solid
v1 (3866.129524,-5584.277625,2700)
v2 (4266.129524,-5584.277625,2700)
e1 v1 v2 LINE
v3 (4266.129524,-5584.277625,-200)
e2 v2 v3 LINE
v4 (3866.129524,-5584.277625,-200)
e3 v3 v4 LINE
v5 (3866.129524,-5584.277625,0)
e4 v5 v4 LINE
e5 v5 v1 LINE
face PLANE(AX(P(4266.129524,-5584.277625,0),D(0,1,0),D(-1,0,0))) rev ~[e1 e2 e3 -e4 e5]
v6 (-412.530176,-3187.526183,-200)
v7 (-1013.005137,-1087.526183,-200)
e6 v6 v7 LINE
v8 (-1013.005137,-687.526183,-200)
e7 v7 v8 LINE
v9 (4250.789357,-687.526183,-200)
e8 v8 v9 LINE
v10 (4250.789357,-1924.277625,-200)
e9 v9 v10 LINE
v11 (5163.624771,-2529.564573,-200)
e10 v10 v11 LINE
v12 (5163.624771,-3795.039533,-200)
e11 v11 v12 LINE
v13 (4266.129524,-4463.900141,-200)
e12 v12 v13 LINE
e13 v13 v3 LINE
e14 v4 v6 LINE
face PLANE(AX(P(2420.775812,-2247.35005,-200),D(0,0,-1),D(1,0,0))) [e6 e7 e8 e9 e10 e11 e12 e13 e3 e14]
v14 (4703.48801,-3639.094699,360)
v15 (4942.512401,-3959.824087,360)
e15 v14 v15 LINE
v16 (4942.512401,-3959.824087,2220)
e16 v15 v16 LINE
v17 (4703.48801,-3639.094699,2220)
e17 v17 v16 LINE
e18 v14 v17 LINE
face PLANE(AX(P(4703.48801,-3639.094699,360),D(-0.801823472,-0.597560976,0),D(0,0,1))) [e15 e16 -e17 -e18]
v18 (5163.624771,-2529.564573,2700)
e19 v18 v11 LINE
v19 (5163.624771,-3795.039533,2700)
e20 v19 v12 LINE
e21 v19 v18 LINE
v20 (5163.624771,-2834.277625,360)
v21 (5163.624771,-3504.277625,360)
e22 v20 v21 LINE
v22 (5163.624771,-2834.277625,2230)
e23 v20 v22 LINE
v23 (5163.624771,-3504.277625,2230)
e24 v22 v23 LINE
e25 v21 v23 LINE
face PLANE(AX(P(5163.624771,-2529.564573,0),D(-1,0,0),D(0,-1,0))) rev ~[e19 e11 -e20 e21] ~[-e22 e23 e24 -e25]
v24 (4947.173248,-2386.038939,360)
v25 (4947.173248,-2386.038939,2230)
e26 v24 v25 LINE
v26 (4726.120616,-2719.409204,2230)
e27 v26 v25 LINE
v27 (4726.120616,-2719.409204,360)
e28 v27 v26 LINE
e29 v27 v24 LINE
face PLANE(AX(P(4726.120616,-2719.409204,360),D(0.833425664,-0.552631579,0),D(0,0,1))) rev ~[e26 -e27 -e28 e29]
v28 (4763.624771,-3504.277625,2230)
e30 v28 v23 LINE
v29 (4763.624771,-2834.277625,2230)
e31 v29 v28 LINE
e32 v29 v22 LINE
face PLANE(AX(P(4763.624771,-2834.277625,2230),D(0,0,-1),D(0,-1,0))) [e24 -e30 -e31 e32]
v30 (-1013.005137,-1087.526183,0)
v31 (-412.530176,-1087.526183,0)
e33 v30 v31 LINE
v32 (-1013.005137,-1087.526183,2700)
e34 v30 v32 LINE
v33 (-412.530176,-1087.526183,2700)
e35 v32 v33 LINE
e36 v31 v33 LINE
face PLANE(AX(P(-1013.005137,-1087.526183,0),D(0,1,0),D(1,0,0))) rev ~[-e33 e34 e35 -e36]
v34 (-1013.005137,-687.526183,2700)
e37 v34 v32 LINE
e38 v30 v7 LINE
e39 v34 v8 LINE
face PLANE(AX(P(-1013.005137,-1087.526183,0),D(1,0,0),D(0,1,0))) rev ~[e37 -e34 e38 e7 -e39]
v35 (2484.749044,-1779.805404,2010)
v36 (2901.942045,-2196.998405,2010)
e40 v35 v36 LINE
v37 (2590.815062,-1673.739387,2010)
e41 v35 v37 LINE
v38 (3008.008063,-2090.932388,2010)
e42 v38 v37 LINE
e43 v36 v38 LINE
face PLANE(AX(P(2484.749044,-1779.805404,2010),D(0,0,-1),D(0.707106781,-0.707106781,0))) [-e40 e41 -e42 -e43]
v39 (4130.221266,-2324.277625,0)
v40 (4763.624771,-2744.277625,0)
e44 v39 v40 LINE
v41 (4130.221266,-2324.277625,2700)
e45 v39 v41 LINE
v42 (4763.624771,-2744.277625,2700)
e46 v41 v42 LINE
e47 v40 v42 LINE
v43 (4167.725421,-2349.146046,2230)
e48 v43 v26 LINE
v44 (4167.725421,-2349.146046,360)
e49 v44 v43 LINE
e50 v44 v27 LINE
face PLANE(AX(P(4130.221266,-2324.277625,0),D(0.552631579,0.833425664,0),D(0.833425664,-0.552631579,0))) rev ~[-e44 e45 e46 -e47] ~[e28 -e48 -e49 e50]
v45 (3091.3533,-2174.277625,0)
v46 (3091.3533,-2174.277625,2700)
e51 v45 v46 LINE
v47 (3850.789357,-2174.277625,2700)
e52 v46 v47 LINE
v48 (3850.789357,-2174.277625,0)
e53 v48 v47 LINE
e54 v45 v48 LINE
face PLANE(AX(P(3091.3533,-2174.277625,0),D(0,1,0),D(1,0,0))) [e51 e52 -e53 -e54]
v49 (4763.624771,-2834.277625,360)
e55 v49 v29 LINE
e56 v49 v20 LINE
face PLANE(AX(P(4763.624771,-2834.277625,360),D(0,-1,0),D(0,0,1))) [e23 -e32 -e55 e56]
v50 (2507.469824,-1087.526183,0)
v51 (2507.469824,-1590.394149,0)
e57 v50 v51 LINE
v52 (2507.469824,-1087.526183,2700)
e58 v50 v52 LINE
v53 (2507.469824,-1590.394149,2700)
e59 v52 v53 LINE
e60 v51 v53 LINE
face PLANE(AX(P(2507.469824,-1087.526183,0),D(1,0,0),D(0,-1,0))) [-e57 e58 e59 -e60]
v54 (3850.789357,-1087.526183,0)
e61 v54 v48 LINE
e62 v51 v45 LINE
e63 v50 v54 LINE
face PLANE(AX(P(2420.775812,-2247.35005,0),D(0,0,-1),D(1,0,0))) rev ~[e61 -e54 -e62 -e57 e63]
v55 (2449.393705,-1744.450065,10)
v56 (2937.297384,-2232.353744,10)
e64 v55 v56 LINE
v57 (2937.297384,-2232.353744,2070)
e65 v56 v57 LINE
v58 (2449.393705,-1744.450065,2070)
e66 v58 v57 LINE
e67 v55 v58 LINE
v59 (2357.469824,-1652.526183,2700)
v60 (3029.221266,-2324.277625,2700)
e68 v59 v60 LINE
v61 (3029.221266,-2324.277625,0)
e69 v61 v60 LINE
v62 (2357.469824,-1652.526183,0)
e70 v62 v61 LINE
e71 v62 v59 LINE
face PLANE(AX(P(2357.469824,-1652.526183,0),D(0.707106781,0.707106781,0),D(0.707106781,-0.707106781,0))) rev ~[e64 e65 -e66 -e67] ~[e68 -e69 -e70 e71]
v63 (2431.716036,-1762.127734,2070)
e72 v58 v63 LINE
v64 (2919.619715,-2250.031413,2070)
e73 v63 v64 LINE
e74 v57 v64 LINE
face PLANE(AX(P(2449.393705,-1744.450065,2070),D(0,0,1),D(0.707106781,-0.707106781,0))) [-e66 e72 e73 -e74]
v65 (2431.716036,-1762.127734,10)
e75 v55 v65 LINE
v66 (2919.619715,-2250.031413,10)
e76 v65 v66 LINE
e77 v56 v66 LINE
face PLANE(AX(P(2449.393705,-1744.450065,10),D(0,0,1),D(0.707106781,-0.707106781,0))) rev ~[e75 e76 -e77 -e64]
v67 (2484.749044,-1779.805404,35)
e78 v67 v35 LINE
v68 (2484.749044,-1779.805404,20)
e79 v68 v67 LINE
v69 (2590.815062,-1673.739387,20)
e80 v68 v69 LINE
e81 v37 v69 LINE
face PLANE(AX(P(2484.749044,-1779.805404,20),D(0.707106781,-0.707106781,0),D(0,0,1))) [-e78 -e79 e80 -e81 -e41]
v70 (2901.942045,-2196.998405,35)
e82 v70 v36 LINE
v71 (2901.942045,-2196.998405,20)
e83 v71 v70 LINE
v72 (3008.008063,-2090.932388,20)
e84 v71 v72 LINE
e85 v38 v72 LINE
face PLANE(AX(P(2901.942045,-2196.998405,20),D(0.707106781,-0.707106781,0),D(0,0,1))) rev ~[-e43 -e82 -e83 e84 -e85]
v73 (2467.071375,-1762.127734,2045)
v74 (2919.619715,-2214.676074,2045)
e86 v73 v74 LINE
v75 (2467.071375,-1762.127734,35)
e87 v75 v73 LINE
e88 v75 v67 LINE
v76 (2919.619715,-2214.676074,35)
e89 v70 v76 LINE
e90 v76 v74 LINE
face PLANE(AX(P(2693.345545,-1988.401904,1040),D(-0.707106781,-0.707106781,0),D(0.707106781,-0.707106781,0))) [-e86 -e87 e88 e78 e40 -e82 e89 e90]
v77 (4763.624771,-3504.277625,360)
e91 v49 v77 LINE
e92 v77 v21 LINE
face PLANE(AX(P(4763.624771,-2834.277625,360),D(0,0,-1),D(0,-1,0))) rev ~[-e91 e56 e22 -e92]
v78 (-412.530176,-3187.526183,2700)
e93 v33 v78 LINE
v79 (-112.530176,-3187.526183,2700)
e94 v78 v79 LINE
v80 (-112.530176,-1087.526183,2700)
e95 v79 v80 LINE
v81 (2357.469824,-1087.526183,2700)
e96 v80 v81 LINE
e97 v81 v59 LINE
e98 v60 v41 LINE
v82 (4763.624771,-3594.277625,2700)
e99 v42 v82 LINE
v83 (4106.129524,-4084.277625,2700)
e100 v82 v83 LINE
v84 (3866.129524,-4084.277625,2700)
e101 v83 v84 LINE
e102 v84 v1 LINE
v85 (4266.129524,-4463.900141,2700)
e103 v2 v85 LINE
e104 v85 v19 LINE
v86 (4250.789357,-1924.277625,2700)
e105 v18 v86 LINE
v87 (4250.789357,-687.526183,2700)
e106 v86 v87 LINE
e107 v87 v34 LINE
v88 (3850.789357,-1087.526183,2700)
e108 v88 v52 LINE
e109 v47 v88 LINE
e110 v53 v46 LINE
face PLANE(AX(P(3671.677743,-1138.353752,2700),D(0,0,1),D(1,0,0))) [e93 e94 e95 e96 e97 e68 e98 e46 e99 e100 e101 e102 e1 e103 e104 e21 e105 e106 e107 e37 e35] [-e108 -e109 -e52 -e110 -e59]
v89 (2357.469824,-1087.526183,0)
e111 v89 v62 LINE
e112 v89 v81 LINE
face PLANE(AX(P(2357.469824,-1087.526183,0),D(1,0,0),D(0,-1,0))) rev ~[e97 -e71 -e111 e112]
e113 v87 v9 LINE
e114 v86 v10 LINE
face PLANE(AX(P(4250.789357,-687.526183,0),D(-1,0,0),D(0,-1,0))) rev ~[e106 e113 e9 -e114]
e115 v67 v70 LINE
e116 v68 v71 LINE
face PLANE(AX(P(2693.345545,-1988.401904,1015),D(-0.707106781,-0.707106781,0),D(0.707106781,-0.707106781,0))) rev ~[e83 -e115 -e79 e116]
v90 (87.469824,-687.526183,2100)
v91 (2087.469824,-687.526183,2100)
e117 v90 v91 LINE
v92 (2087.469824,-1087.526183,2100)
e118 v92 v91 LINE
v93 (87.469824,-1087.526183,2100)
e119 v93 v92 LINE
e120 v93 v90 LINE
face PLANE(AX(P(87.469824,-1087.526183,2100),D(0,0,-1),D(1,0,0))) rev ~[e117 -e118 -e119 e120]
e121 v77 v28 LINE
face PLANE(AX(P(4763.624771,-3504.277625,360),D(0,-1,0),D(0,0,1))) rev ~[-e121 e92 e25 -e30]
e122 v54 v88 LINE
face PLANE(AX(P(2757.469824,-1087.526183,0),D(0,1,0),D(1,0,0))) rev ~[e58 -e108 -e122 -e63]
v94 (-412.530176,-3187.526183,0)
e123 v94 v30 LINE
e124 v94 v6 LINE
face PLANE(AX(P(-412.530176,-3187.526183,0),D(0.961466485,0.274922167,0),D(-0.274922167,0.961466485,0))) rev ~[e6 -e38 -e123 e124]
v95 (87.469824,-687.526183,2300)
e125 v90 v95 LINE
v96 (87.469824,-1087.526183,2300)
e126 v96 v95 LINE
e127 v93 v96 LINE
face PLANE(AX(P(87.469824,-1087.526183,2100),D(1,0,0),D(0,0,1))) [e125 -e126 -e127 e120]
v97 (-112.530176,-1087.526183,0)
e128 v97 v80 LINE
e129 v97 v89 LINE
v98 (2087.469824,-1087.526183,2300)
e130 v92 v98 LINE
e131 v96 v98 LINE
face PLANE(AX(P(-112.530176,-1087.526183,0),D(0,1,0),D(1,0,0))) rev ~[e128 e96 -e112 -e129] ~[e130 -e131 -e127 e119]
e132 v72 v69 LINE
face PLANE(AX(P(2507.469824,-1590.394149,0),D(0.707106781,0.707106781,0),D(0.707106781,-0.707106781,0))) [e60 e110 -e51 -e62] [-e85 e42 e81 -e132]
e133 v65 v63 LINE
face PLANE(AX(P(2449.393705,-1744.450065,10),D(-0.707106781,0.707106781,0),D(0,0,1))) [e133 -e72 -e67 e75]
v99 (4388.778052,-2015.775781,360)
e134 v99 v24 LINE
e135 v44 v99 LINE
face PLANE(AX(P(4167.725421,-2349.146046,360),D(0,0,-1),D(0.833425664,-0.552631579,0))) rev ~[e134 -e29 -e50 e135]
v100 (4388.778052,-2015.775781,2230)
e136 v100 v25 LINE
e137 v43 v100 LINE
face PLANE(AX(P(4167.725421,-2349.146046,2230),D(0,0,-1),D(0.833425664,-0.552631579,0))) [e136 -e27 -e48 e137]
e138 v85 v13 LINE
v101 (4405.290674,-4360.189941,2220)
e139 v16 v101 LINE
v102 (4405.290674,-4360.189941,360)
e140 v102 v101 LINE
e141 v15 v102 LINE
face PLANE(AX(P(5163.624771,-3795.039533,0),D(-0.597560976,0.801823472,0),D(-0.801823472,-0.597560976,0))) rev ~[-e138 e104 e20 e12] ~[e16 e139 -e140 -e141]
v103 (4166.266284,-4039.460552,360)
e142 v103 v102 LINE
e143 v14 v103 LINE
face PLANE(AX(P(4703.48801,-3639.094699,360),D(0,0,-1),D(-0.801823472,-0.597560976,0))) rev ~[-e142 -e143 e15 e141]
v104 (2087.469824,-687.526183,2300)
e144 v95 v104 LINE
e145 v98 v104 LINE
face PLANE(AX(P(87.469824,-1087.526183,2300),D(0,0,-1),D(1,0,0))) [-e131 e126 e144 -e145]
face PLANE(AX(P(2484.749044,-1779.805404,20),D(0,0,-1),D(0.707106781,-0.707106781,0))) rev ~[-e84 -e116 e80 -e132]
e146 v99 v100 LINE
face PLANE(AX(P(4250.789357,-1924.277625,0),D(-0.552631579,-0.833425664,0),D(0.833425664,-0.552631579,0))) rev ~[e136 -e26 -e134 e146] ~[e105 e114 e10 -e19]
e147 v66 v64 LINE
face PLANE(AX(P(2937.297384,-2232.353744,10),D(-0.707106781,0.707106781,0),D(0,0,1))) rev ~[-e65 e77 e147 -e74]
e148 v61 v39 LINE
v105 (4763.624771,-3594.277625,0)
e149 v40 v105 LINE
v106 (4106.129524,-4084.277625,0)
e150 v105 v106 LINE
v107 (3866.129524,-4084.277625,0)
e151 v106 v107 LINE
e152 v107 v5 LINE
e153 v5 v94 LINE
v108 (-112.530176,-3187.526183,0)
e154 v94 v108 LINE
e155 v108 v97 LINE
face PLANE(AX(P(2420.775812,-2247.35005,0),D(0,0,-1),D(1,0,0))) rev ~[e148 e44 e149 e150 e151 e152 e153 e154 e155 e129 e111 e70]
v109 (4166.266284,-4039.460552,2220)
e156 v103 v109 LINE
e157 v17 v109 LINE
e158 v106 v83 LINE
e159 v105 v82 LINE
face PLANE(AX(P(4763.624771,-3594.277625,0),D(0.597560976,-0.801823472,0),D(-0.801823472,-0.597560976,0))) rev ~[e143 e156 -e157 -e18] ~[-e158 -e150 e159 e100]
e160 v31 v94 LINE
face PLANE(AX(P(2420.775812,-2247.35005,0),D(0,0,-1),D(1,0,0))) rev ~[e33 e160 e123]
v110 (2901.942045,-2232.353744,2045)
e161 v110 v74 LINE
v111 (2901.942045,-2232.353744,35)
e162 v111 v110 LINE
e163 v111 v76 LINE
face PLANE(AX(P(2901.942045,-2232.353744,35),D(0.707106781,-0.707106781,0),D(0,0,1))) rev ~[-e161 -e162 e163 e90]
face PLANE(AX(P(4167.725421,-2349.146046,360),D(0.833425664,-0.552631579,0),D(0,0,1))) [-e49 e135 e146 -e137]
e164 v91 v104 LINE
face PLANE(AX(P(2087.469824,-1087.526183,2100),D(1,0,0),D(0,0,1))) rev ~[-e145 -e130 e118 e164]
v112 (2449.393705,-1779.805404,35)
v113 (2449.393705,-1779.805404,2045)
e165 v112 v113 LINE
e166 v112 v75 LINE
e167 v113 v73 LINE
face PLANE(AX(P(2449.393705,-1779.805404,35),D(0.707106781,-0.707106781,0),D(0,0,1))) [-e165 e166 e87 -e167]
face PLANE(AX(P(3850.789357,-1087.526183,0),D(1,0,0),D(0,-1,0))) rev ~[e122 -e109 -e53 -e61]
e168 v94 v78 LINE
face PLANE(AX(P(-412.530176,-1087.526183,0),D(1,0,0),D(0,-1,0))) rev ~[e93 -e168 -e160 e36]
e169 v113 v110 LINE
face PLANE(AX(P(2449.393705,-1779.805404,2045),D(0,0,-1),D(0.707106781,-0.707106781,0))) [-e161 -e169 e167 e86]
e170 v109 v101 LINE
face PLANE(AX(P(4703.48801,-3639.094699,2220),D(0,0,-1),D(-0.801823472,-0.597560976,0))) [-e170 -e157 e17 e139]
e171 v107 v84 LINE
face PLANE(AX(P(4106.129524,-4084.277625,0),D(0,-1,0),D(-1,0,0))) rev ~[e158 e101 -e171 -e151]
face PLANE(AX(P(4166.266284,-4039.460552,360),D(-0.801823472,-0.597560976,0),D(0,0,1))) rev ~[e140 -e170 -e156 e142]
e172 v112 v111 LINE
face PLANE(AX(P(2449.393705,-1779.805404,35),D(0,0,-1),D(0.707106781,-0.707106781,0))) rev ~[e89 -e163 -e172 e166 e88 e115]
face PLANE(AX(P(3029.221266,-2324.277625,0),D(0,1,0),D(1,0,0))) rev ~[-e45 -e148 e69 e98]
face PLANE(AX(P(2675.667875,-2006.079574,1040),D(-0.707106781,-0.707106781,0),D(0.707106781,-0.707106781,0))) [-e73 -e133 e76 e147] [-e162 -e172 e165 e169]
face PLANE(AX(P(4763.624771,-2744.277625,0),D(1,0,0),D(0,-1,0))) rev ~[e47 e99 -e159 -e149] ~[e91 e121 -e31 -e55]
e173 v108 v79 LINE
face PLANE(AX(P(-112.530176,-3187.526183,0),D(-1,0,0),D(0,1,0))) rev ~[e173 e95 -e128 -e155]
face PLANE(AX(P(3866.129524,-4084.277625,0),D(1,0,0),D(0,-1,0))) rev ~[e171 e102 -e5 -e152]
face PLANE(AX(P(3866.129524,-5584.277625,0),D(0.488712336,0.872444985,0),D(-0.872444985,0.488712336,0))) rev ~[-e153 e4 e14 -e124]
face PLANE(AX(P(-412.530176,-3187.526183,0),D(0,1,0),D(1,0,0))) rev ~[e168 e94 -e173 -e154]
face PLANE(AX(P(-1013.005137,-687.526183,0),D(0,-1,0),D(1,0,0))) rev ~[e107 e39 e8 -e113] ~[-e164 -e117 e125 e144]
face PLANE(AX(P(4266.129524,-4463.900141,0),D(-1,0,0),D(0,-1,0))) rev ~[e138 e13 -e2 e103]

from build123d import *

# Parameters (mm, degrees)
F1_DEPTH  = 2700
F3_DEPTH  = 2700
F5_DEPTH  = 2700
F7_DEPTH  = 200
F8_W      = 690
F8_H      = 2060
F9_DEPTH  = 25
F10_W     = 670
F10_H     = 1870
F11_DEPTH = 500
F12_W     = 670
F12_H     = 1870
F13_DEPTH = 500
F14_W     = 670
F14_H     = 1860
F15_DEPTH = 500
F16_W     = 2000
F16_H     = 200
F17_DEPTH = 500
F19_W     = 590
F19_H     = 1990
F20_DEPTH = 300
F21_W     = 640
F21_H     = 2010
F22_DEPTH = 25


with BuildPart() as f1:
    # F0 (on Top) → F1 (new body)
    with BuildSketch(Plane.XY):
        Polygon((-112.5301761598, -3187.5261832562), (-112.5301761598, -1087.5261832562), (2357.4698238402, -1087.5261832562), (2357.4698238402, -1652.5261832562), (3029.2212659674, -2324.2776253835), (4130.2212659674, -2324.2776253835), (4763.624770852, -2744.2776253835), (4763.624770852, -3594.2776253835), (4106.1295237209, -4084.2776253835), (3866.1295237209, -4084.2776253835), (3866.1295237209, -5584.2776253835), (4266.1295237209, -5584.2776253835), (4266.1295237209, -4463.9001414231), (5163.624770852, -3795.0395329044), (5163.624770852, -2529.5645728802), (4250.7893565536, -1924.2776253835), (3194.9066909167, -1924.2776253835), (2757.4698238402, -1486.840758307), (2757.4698238402, -687.5261832562), (-114.0150137984, -687.5261832562), (-1013.0051374435, -687.5261832562), (-1013.0051374435, -1087.5261832562), (-412.5301761598, -1087.5261832562), (-412.5301761598, -3187.5261832562), align=None)
    extrude(amount=F1_DEPTH)

    # F2 (on Top) → F3 (join)
    with BuildSketch(Plane.XY):
        Polygon((3850.7893565536, -1087.5261832562), (3850.7893565536, -1924.2776253835), (4250.7893565536, -1924.2776253835), (4250.7893565536, -687.5261832562), (2757.4698238402, -687.5261832562), (2757.4698238402, -1087.5261832562), align=None)
    extrude(amount=F3_DEPTH)

    # F4 (on Top) → F5 (cut)
    with BuildSketch(Plane.XY):
        Polygon((2757.4698238402, -1486.840758307), (2757.4698238402, -1087.5261832562), (2507.4698238402, -1087.5261832562), (2507.4698238402, -1590.3941489003), (3091.3533003234, -2174.2776253835), (3850.7893565536, -2174.2776253835), (3850.7893565536, -1924.2776253835), (3194.9066909167, -1924.2776253835), align=None)
    extrude(amount=F5_DEPTH, mode=Mode.SUBTRACT)

    # F6 (on face) → F7 (join)
    with BuildSketch(Plane(origin=(0, 0, 0), x_dir=(1, 0, 0), z_dir=(0, 0, -1))):
        Polygon((-1013.0051374435, 1087.5261832562), (-1013.0051374435, 687.5261832562), (4250.7893565536, 687.5261832562), (4250.7893565536, 1924.2776253835), (5163.624770852, 2529.5645728802), (5163.624770852, 3795.0395329044), (4266.1295237209, 4463.9001414231), (4266.1295237209, 5584.2776253835), (3866.1295237209, 5584.2776253835), (3866.1295237209, 4084.2776253835), (4106.1295237209, 4084.2776253835), (4763.624770852, 3594.2776253835), (4763.624770852, 2744.2776253835), (4130.2212659674, 2324.2776253835), (3029.2212659674, 2324.2776253835), (2357.4698238402, 1652.5261832562), (2357.4698238402, 1087.5261832562), (-112.5301761598, 1087.5261832562), (-112.5301761598, 3187.5261832562), (-412.5301761598, 3187.5261832562), (-412.5301761598, 1087.5261832562), align=None)
        Polygon((3850.7893565536, 2174.2776253835), (3850.7893565536, 1087.5261832562), (2507.4698238402, 1087.5261832562), (2507.4698238402, 1590.3941489003), (3091.3533003234, 2174.2776253835), align=None, mode=Mode.SUBTRACT)
        Polygon((-412.5301761598, 3187.5261832562), (-1013.0051374435, 1087.5261832562), (-412.5301761598, 1087.5261832562), align=None)
        Polygon((3866.1295237209, 5584.2776253835), (-412.5301761598, 3187.5261832562), (-112.5301761598, 3187.5261832562), (-112.5301761598, 1087.5261832562), (2357.4698238402, 1087.5261832562), (2357.4698238402, 1652.5261832562), (3029.2212659674, 2324.2776253835), (4130.2212659674, 2324.2776253835), (4763.624770852, 2744.2776253835), (4763.624770852, 3594.2776253835), (4106.1295237209, 4084.2776253835), (3866.1295237209, 4084.2776253835), align=None)
        Polygon((2507.4698238402, 1087.5261832562), (3850.7893565536, 1087.5261832562), (3850.7893565536, 2174.2776253835), (3091.3533003234, 2174.2776253835), (2507.4698238402, 1590.3941489003), align=None)
    extrude(amount=F7_DEPTH)

    # F8 (on face) → F9 (join)
    with BuildSketch(Plane(origin=(352.471820292, 352.471820292, 0), x_dir=(0.7071067812, -0.7071067812, 0), z_dir=(-0.7071067812, -0.7071067812, 0))):
        with Locations((3310.4953691489, 1040)):
            Rectangle(F8_W, F8_H)
    extrude(amount=F9_DEPTH)

    # F10 (on face) → F11 (cut)
    with BuildSketch(Plane(origin=(190.8668312583, 287.8469521076, 0), x_dir=(0.8334256643, -0.5526315789, 0), z_dir=(-0.5526315789, -0.8334256643, 0))):
        with Locations((5106.7016164124, 1295)):
            Rectangle(F10_W, F10_H)
    extrude(amount=-F11_DEPTH, mode=Mode.SUBTRACT)

    # F12 (on face) → F13 (cut)
    with BuildSketch(Plane(origin=(4763.624770852, 0, 0), x_dir=(0, -1, 0), z_dir=(-1, 0, 0))):
        with Locations((3169.2776253835, 1295)):
            Rectangle(F12_W, F12_H)
    extrude(amount=-F13_DEPTH, mode=Mode.SUBTRACT)

    # F14 (on face) → F15 (cut)
    with BuildSketch(Plane(origin=(3423.1474281761, -4593.2717637855, 0), x_dir=(-0.8018234721, -0.5975609756, 0), z_dir=(-0.5975609756, 0.8018234721, 0))):
        with Locations((-1261.7861091626, 1290)):
            Rectangle(F14_W, F14_H)
    extrude(amount=-F15_DEPTH, mode=Mode.SUBTRACT)

    # F16 (on face) → F17 (cut)
    with BuildSketch(Plane.XZ.offset(1087.5261832562)):
        with Locations((1087.4698238402, 2200)):
            Rectangle(F16_W, F16_H)
    extrude(amount=-F17_DEPTH, mode=Mode.SUBTRACT)

    # F19 (on face) → F20 (cut)
    with BuildSketch(Plane(origin=(352.471820292, 352.471820292, 0), x_dir=(0.7071067812, -0.7071067812, 0), z_dir=(-0.7071067812, -0.7071067812, 0))):
        with Locations((3310.4953691489, 1015)):
            Rectangle(F19_W, F19_H)
    extrude(amount=-F20_DEPTH, mode=Mode.SUBTRACT)

    # F21 (on face) → F22 (cut)
    with BuildSketch(Plane(origin=(334.7941507623, 334.7941507623, 0), x_dir=(0.7071067812, -0.7071067812, 0), z_dir=(-0.7071067812, -0.7071067812, 0))):
        with Locations((3310.4953691489, 1040)):
            Rectangle(F21_W, F21_H)
    extrude(amount=-F22_DEPTH, mode=Mode.SUBTRACT)


solid = f1.part
